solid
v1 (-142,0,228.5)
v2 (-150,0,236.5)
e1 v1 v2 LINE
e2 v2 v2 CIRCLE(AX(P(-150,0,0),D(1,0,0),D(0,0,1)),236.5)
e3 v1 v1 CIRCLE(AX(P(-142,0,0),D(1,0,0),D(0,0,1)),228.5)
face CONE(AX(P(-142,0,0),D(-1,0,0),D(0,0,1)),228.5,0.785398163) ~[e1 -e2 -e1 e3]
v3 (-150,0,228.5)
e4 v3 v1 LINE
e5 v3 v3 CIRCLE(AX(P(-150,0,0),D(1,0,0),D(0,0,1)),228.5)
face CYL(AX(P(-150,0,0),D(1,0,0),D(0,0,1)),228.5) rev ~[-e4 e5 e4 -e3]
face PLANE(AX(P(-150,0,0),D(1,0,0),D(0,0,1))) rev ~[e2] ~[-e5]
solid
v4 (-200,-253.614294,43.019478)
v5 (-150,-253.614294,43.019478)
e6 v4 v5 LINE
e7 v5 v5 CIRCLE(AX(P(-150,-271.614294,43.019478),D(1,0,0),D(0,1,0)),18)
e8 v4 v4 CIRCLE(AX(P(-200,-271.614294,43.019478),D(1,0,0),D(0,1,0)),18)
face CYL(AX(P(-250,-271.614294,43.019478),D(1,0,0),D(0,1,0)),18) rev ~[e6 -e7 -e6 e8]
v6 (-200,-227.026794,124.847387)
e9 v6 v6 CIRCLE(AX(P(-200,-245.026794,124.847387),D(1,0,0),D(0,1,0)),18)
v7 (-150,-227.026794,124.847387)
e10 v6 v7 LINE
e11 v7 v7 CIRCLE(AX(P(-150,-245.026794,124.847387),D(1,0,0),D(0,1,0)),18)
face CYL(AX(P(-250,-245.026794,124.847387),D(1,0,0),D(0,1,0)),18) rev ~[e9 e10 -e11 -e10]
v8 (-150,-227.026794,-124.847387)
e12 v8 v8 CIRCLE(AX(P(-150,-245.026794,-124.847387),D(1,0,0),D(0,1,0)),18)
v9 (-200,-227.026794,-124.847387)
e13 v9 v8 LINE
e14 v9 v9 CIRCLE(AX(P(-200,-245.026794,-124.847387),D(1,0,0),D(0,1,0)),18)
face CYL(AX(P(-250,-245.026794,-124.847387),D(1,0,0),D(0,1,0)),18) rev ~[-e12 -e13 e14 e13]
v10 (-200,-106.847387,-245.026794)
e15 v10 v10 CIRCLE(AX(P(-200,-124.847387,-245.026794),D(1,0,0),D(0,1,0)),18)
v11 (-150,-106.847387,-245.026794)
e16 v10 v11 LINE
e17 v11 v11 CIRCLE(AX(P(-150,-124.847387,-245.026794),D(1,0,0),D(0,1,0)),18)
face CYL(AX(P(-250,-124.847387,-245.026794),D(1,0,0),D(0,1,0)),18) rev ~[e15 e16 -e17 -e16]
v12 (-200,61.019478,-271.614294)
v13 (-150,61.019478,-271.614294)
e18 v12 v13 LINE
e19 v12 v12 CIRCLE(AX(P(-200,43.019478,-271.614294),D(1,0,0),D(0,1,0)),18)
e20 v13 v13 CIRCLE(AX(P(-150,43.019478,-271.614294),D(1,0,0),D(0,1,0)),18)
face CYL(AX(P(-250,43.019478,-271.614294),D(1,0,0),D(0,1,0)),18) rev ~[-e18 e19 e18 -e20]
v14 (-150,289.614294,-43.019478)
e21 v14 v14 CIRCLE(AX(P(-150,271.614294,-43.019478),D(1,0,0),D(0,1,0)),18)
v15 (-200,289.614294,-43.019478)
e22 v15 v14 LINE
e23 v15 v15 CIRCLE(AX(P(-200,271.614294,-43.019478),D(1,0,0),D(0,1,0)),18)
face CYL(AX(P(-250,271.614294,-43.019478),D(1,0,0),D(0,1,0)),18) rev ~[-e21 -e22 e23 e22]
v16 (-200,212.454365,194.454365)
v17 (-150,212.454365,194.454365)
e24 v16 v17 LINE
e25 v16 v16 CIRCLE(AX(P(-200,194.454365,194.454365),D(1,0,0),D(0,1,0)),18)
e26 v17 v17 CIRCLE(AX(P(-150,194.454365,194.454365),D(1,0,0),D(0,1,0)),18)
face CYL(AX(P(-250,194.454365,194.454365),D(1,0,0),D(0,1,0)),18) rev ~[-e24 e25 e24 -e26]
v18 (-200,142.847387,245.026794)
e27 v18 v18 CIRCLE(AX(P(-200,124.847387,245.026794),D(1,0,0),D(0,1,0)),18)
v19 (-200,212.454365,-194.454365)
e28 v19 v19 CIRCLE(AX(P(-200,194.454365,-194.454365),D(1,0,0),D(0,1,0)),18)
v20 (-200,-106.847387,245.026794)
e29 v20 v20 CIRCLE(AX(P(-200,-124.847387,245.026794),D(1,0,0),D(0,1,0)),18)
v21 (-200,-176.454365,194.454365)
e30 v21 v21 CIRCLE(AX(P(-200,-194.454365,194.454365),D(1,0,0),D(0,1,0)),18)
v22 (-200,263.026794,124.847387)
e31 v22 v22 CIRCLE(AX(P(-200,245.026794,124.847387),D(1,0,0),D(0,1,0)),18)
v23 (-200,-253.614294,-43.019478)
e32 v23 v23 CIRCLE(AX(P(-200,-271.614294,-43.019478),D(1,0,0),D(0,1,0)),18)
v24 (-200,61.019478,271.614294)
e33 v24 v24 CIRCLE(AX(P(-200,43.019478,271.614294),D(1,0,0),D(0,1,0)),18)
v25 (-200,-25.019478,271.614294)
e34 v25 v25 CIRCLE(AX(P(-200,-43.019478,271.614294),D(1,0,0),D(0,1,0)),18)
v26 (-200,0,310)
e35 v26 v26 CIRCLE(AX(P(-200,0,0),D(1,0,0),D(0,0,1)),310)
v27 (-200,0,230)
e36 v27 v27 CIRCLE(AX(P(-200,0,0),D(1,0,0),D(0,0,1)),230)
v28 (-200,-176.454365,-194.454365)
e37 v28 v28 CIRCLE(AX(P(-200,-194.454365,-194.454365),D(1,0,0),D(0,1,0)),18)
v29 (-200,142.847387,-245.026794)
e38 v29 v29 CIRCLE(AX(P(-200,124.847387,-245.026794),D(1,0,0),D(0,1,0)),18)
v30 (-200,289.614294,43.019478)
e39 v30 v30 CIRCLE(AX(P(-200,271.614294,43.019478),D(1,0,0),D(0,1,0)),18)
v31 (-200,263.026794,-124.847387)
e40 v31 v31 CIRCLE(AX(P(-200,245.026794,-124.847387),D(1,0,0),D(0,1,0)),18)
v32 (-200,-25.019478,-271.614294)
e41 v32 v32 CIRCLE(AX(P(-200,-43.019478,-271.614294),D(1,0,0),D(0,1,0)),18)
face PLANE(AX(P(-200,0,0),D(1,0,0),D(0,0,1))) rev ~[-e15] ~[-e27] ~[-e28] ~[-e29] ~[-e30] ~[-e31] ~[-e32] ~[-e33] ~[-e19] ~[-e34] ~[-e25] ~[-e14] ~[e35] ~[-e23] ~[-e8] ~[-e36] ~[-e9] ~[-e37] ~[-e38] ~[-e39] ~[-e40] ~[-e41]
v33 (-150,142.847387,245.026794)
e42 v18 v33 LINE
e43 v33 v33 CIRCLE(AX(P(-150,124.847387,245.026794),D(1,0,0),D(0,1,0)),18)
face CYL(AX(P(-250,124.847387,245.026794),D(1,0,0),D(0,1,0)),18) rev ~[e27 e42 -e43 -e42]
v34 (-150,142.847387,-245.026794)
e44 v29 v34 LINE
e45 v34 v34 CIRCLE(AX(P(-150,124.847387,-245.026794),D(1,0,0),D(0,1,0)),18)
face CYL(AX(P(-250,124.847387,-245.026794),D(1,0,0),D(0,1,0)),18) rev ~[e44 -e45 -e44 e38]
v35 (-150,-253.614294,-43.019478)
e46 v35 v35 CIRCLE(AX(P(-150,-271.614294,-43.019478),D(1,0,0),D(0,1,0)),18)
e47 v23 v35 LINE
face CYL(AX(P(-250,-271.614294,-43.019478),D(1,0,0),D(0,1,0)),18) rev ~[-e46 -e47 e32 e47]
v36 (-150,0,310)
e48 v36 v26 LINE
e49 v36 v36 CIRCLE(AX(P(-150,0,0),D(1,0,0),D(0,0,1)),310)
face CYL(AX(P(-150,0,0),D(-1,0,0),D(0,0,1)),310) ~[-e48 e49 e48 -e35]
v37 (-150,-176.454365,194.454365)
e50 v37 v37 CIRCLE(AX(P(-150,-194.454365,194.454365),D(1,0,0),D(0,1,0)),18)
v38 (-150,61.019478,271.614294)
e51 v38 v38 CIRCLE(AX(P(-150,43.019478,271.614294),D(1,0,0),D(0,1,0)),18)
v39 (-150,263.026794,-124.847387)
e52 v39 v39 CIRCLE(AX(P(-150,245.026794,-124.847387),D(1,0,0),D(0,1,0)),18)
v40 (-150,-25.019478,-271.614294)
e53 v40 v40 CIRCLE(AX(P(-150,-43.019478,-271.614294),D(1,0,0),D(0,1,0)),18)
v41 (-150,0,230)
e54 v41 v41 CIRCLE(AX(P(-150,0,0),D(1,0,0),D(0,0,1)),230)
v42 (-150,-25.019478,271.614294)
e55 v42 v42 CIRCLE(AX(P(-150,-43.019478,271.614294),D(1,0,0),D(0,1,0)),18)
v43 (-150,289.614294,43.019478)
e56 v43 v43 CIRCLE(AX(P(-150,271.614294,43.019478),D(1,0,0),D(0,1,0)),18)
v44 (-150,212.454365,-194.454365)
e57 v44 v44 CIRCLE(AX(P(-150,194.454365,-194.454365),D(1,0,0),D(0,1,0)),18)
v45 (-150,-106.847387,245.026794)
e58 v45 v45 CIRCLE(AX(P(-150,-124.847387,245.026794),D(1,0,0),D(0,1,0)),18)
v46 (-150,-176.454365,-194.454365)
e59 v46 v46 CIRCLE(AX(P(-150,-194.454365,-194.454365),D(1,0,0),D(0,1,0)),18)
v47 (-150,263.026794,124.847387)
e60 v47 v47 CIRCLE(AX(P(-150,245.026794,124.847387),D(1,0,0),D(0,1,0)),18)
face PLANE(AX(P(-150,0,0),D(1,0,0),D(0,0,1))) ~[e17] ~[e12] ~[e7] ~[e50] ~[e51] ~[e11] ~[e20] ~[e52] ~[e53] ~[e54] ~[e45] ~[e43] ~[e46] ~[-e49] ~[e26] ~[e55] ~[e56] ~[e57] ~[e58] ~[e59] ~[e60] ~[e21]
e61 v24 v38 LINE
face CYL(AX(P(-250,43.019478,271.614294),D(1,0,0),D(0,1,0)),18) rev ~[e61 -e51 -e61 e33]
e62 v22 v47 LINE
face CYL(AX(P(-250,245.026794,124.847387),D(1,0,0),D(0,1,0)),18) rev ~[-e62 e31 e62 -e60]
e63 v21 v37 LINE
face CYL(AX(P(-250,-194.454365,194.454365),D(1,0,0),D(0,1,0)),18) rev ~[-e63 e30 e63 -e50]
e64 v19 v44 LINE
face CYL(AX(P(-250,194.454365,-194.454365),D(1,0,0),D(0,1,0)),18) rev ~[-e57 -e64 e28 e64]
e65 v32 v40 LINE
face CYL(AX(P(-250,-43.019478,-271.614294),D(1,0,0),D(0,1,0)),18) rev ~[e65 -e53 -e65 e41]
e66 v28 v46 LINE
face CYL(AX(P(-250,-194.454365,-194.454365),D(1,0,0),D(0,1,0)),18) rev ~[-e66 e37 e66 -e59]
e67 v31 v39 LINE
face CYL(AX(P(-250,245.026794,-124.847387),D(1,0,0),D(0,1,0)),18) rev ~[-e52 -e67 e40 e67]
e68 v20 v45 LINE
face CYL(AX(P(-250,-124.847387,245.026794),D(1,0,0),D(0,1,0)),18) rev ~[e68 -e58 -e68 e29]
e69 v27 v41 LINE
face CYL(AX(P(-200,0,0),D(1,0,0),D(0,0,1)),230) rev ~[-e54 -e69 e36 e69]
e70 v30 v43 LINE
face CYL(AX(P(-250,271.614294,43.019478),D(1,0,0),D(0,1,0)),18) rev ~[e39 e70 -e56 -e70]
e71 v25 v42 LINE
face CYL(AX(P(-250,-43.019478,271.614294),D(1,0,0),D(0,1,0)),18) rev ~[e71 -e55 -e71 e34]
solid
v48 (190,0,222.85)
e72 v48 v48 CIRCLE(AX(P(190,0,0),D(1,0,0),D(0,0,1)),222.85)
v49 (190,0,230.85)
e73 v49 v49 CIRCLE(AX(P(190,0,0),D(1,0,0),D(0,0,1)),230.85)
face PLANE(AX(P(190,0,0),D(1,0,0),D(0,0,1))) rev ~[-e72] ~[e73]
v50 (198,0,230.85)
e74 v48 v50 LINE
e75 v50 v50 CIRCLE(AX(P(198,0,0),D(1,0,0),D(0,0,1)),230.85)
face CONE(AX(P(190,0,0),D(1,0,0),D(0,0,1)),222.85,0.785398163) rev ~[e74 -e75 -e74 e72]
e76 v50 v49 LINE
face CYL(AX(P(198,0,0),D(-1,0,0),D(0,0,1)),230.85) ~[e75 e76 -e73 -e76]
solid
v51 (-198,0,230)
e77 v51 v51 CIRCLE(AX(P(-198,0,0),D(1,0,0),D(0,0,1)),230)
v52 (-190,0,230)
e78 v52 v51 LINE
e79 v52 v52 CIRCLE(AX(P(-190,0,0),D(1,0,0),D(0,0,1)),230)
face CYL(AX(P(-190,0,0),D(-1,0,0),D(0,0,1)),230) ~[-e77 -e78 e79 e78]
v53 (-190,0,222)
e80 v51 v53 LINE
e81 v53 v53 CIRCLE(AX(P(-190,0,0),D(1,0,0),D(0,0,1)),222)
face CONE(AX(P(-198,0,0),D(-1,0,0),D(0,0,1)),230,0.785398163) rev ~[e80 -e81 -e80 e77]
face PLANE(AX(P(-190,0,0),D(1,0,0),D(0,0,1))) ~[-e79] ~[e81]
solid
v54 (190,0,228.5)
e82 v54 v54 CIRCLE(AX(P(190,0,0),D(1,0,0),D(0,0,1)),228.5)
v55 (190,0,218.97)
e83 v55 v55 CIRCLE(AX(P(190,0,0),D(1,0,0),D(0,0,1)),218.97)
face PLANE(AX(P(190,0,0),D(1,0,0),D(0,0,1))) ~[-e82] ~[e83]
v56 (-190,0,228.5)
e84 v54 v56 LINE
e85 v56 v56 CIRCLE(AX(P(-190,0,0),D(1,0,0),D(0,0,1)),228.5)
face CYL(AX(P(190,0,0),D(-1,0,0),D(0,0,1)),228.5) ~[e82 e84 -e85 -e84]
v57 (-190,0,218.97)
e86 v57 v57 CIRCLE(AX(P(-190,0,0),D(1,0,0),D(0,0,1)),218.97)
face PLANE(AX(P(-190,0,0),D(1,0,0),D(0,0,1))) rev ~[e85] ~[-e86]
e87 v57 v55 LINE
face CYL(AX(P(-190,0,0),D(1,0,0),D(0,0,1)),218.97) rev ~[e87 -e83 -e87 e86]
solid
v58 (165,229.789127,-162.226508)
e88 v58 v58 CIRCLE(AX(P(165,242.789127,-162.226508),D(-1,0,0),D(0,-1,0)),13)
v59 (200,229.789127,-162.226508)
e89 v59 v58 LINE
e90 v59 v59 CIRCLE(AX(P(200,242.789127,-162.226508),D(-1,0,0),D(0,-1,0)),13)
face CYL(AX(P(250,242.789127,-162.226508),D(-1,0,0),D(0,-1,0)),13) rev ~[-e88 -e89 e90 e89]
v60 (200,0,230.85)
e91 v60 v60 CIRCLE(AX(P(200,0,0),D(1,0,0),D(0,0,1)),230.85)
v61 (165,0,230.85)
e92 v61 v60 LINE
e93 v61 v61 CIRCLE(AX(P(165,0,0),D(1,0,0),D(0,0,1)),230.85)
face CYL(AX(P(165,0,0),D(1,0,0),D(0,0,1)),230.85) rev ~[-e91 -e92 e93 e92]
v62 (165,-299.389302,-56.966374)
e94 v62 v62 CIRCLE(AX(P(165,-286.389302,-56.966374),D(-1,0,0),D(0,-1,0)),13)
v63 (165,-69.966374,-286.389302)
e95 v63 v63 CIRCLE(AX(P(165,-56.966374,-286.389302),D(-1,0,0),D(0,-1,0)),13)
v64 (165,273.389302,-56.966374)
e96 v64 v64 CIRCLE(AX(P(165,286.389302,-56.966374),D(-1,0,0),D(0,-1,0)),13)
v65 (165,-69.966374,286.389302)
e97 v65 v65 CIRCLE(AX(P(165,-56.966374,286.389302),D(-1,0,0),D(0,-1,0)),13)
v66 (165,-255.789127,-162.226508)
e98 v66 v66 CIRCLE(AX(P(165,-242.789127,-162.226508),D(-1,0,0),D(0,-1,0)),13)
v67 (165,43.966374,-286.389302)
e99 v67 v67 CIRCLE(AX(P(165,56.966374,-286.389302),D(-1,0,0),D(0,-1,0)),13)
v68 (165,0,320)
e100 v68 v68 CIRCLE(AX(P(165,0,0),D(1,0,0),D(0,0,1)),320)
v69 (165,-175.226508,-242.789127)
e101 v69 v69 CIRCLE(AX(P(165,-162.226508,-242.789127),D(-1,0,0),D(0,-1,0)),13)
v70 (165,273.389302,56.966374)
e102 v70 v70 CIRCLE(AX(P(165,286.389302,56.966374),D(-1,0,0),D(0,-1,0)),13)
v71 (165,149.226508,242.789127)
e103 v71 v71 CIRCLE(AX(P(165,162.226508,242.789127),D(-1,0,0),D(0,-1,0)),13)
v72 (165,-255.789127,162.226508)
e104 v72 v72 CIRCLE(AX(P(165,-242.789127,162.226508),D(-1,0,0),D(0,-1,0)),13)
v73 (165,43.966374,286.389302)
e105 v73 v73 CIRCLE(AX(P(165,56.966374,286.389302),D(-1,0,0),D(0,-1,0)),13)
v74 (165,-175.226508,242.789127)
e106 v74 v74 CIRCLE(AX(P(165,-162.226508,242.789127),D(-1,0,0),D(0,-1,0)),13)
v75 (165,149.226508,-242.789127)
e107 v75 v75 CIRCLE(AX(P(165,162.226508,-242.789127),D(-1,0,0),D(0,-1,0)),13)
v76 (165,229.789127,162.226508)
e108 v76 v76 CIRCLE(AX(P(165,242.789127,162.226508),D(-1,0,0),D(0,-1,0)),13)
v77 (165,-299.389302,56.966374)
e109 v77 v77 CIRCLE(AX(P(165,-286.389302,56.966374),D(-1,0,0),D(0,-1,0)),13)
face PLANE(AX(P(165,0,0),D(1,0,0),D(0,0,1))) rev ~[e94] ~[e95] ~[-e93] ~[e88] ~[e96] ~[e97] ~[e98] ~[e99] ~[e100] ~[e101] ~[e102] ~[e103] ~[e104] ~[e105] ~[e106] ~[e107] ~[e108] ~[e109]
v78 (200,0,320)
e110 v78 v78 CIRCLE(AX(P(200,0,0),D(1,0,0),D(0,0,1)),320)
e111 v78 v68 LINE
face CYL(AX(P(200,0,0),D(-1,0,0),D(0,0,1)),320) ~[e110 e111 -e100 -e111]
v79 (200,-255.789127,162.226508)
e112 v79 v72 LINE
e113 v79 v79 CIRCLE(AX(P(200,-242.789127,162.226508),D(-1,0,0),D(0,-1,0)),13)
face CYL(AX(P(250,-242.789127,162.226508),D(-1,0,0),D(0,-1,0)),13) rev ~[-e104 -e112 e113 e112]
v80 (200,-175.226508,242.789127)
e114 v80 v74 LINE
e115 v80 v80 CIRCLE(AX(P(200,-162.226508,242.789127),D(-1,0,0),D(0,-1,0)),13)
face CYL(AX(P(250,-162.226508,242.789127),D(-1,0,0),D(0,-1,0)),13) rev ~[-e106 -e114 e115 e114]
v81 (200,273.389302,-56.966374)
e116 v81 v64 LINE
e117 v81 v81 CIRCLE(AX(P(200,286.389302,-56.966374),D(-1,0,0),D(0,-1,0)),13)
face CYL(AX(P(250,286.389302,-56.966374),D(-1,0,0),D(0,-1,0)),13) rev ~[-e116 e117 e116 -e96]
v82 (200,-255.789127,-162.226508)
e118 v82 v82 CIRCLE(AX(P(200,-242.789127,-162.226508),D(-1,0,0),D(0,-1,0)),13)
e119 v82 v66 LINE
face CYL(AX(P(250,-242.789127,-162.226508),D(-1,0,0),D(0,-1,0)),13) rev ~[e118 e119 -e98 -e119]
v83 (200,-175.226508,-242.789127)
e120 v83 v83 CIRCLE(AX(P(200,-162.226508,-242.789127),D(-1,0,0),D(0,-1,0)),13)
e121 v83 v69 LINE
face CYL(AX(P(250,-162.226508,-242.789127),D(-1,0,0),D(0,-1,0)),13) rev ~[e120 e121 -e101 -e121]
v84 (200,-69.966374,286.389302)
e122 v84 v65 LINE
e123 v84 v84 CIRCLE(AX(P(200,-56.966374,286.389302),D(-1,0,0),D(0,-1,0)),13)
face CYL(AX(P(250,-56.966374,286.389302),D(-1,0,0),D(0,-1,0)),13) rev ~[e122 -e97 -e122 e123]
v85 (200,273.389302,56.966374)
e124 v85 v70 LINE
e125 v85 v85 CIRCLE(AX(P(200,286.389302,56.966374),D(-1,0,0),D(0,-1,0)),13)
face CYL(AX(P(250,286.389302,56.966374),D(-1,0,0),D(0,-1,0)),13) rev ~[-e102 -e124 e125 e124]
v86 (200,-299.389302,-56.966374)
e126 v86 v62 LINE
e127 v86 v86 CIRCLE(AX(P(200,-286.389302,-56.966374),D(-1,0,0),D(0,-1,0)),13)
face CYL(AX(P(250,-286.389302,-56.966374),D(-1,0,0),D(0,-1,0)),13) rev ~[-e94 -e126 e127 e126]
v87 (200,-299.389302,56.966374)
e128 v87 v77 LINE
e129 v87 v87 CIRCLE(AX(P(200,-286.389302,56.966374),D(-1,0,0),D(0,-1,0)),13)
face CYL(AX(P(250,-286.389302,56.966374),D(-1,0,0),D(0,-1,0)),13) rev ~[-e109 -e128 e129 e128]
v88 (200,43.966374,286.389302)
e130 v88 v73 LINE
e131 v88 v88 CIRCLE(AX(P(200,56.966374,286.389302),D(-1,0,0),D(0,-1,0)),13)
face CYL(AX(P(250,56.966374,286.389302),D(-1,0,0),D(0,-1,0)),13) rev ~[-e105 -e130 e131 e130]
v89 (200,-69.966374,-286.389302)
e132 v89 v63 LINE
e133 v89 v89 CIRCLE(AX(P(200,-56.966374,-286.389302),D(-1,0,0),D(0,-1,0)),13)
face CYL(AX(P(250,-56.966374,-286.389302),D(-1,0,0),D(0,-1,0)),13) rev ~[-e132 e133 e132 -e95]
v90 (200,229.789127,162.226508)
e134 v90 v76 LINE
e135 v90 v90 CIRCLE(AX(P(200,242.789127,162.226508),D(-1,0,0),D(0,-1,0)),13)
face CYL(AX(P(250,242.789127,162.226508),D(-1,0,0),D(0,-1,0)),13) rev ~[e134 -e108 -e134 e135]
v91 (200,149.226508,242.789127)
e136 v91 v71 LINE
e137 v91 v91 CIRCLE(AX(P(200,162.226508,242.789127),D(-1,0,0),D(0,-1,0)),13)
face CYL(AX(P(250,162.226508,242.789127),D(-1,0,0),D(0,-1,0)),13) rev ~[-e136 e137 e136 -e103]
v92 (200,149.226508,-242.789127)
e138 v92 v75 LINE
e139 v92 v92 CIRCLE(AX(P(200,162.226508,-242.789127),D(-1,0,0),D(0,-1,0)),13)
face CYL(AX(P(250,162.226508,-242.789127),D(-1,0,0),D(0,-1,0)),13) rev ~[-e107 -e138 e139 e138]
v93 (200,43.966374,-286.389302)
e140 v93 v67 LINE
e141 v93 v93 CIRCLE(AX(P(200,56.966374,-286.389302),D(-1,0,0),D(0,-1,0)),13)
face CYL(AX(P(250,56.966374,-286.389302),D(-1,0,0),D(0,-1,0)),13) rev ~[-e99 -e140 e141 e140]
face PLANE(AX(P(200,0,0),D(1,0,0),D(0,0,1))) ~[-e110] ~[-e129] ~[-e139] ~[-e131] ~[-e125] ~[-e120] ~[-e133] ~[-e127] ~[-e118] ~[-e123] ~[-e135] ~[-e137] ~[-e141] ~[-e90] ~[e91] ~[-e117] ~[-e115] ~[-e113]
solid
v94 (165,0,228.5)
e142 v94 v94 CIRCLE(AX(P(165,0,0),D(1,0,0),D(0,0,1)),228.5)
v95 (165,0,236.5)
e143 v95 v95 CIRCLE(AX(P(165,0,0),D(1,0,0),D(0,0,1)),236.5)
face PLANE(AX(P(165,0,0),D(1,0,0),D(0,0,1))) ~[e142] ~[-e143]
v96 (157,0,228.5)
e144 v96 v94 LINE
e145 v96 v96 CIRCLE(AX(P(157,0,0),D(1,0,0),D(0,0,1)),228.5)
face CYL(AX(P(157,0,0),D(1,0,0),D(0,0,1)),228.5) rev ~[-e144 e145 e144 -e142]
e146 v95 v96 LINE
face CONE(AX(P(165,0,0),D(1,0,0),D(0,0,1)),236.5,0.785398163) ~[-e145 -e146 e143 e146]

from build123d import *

# Parameters (mm, degrees)
F6_D     = 36
F6_DEPTH = 50
F8_D     = 26
F8_DEPTH = 50


with BuildPart() as f1:
    # F0 (on Front) → F1 (revolve)
    with BuildSketch(Plane.XZ):
        Polygon((-200, 230), (-198, 230), (-190, 230), (-150, 230), (-150, 236.5), (-150, 310), (-200, 310), align=None)
    revolve(axis=Axis((-10.172708, 0, 0), (1, 0, 0)))

    # F6
    with Locations(Plane(origin=(-200, 0, 0), x_dir=(0, -1, 0), z_dir=(-1, 0, 0))):
        with Locations((-124.847387, 245.026794), (-43.019478, 271.614294), (43.019478, 271.614294), (124.847387, 245.026794), (194.454365, 194.454365), (245.026794, 124.847387), (271.614294, 43.019478), (271.614294, -43.019478), (245.026794, -124.847387), (194.454365, -194.454365), (124.847387, -245.026794), (43.019478, -271.614294), (-43.019478, -271.614294), (-124.847387, -245.026794), (-194.454365, -194.454365), (-245.026794, -124.847387), (-271.614294, -43.019478), (-271.614294, 43.019478), (-245.026794, 124.847387), (-194.454365, 194.454365)):
            Hole(F6_D / 2, depth=F6_DEPTH)


with BuildPart() as f2:
    # F0 (on Front) → F2 (revolve)
    with BuildSketch(Plane.XZ):
        Polygon((165, 320), (165, 236.5), (165, 230.85), (190, 230.85), (198, 230.85), (200, 230.85), (200, 320), align=None)
    revolve(axis=Axis((-10.172708, 0, 0), (1, 0, 0)))

    # F8
    with Locations(Plane.YZ.offset(200)):
        with Locations((-162.226508, 242.789127), (-56.966374, 286.389302), (56.966374, 286.389302), (162.226508, 242.789127), (286.389302, 56.966374), (286.389302, -56.966374), (242.789127, 162.226508), (242.789127, -162.226508), (162.226508, -242.789127), (56.966374, -286.389302), (-56.966374, -286.389302), (-162.226508, -242.789127), (-286.389302, -56.966374), (-242.789127, -162.226508), (-242.789127, 162.226508), (-286.389302, 56.966374)):
            Hole(F8_D / 2, depth=F8_DEPTH)


with BuildPart() as f3:
    # F0 (on Front) → F3 (revolve)
    with BuildSketch(Plane.XZ):
        Polygon((0, 228.5), (0, 218.97), (190, 218.97), (190, 222.85), (190, 228.5), (165, 228.5), (157, 228.5), align=None)
        Polygon((-190, 218.97), (0, 218.97), (0, 228.5), (-142, 228.5), (-150, 228.5), (-190, 228.5), (-190, 222), align=None)
    revolve(axis=Axis((-10.172708, 0, 0), (1, 0, 0)))


with BuildPart() as f4:
    # F0 (on Front) → F4 (revolve)
    with BuildSketch(Plane.XZ):
        Polygon((-198, 230), (-190, 222), (-190, 228.5), (-190, 230), align=None)
        Polygon((-150, 228.5), (-142, 228.5), (-150, 236.5), (-150, 230), align=None)
        Polygon((165, 236.5), (157, 228.5), (165, 228.5), (165, 230.85), align=None)
        Polygon((190, 228.5), (190, 222.85), (198, 230.85), (190, 230.85), align=None)
    revolve(axis=Axis((-10.172708, 0, 0), (1, 0, 0)))


solid = Compound([f1.part, f2.part, f3.part, f4.part])
